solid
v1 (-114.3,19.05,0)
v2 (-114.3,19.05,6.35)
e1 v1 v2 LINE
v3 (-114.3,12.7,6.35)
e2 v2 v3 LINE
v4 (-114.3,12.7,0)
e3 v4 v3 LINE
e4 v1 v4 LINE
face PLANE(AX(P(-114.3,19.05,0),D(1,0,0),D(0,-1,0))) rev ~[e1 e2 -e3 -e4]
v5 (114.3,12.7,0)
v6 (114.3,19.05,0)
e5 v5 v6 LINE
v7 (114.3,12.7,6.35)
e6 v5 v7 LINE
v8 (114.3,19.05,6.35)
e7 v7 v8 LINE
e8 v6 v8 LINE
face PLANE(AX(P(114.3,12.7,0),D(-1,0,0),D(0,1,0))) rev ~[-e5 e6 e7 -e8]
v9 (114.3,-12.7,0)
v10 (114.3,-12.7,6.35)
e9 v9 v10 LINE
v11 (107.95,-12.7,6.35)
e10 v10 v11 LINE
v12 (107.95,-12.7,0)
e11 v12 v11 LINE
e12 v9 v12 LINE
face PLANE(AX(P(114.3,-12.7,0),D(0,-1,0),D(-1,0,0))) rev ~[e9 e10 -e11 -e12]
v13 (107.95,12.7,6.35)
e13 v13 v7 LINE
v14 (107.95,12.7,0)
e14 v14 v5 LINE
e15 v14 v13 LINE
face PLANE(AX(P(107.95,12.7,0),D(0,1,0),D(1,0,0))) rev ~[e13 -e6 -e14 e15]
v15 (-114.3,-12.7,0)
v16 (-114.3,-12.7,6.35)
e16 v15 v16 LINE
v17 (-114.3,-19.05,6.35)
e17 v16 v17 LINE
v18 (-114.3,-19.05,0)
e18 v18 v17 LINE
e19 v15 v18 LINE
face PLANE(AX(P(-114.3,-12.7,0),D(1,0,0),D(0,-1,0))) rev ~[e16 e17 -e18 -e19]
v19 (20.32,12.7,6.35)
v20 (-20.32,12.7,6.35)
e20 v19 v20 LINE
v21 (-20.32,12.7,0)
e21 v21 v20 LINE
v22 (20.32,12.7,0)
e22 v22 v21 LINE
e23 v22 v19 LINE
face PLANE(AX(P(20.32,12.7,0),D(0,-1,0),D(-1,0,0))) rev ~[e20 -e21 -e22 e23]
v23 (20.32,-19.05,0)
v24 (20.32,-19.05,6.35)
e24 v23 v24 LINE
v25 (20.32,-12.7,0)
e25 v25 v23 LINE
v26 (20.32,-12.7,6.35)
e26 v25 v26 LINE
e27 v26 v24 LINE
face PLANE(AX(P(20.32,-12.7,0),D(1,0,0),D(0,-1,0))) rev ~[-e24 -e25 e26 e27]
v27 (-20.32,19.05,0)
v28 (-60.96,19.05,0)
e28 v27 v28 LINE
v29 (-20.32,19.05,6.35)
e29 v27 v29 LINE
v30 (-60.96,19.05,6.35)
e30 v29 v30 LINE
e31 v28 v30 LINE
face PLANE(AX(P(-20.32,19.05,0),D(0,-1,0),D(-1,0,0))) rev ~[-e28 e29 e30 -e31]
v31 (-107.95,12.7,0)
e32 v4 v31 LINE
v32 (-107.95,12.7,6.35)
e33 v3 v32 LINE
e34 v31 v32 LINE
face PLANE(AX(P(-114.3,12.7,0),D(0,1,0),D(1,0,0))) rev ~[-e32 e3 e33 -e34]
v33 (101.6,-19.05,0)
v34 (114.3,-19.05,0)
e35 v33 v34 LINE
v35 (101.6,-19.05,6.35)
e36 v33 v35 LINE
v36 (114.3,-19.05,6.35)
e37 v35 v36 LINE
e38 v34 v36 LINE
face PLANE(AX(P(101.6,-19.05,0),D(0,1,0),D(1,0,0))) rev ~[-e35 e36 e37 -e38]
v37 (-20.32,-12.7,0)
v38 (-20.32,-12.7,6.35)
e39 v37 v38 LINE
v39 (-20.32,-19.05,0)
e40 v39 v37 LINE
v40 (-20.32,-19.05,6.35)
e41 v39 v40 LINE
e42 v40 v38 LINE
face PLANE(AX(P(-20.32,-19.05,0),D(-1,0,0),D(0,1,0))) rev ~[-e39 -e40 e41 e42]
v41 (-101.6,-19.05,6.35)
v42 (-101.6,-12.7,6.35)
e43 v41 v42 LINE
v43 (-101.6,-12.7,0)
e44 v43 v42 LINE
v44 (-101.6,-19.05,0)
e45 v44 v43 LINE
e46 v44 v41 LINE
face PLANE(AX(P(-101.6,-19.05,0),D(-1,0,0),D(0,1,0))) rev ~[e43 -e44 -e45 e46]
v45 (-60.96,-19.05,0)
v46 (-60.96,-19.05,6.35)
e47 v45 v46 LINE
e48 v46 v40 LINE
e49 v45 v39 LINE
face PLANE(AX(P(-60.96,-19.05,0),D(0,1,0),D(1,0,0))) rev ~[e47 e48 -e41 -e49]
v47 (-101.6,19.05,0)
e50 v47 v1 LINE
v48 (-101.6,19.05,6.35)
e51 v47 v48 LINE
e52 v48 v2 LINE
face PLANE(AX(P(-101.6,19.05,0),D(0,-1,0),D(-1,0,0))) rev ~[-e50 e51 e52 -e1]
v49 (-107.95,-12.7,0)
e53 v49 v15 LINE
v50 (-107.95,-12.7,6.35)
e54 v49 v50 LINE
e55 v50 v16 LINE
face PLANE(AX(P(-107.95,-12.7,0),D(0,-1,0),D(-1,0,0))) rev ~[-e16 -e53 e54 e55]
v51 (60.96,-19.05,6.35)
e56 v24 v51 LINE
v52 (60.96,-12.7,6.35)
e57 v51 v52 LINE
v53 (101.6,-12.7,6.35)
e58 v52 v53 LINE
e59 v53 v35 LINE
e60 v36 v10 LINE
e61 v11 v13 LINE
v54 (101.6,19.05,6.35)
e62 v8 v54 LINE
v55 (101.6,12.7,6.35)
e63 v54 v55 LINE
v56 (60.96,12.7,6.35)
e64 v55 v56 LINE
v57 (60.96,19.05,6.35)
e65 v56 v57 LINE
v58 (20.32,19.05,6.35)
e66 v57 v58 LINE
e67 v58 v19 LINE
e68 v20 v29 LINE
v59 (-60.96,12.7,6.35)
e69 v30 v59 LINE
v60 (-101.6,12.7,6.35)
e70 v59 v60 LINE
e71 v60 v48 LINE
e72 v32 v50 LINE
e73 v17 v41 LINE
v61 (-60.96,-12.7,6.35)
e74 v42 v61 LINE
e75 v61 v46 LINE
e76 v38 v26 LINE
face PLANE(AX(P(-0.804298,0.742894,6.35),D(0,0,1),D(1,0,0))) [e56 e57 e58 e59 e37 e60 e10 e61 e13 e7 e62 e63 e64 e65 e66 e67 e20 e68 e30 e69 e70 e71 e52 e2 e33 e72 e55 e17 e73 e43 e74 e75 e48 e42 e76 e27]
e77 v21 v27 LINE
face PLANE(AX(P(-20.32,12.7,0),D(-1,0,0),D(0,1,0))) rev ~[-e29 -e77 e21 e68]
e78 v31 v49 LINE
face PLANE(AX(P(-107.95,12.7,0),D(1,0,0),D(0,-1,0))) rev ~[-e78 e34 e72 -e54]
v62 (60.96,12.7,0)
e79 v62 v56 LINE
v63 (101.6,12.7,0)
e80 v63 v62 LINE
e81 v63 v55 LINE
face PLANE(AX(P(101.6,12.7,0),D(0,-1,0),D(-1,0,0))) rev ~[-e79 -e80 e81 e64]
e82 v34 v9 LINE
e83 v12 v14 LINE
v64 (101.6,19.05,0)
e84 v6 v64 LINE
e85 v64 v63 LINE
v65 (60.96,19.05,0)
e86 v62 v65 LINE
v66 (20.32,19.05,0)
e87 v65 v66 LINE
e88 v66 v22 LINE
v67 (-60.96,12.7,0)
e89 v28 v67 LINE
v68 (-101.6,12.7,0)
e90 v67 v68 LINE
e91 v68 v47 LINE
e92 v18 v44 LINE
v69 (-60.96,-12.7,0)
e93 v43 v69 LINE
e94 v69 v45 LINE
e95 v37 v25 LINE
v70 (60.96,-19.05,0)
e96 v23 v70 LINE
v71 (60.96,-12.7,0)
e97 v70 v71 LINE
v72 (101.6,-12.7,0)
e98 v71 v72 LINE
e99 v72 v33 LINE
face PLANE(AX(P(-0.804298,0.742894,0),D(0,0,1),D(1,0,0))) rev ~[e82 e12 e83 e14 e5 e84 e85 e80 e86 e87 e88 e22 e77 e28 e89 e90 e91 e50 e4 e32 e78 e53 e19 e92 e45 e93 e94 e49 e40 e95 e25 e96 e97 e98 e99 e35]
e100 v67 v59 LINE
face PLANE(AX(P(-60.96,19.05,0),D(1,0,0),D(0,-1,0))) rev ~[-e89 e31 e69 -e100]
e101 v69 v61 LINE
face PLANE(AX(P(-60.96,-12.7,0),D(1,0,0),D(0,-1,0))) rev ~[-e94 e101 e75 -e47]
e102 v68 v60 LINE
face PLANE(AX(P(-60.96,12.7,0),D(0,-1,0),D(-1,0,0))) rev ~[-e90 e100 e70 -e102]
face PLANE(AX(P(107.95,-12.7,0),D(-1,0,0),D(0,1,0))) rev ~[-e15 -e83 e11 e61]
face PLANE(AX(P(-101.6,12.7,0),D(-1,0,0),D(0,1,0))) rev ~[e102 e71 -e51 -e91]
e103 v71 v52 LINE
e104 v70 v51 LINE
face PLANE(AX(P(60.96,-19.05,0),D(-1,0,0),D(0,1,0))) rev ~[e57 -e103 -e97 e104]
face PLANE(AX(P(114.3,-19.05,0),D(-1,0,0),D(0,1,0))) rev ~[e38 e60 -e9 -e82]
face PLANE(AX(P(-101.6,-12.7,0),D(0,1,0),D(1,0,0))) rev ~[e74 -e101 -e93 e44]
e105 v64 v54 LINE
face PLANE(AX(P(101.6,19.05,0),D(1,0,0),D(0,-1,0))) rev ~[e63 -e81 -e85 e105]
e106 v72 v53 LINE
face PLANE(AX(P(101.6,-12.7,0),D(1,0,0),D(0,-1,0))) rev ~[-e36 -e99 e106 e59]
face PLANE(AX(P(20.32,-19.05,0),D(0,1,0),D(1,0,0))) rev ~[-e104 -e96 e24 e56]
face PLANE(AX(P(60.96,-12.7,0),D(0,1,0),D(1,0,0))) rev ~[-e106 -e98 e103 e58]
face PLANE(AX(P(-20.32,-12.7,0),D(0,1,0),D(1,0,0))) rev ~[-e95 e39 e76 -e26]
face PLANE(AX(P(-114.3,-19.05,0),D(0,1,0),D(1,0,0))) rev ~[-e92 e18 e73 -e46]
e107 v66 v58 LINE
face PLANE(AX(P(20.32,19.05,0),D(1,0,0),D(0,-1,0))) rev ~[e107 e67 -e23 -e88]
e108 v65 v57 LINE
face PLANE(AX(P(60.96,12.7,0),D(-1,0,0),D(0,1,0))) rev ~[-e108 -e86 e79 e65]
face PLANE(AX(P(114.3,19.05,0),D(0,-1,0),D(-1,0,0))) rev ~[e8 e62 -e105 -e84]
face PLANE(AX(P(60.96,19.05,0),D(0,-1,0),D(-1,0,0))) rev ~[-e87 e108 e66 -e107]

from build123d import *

# Parameters (mm, degrees)
F1_DEPTH = 6.35


with BuildPart() as f1:
    # F0 (on Top) → F1 (new body)
    with BuildSketch(Plane.XY):
        Polygon((-101.6, 19.05), (-114.3, 19.05), (-114.3, 12.7), (-107.95, 12.7), (-107.95, -12.7), (-114.3, -12.7), (-114.3, -19.05), (-101.6, -19.05), (-101.6, -12.7), (-60.96, -12.7), (-60.96, -19.05), (-39.7233739495, -19.05), (-20.32, -19.05), (-20.32, -12.7), (20.32, -12.7), (20.32, -12.5116314739), (60.96, -12.5116314739), (60.96, -12.7), (101.6, -12.7), (101.6, -19.05), (114.3, -19.05), (114.3, -12.7), (107.95, -12.7), (107.95, 12.7), (114.3, 12.7), (114.3, 19.05), (101.6, 19.05), (101.6, 12.7), (60.96, 12.7), (60.96, 19.05), (38.6236213803, 19.05), (20.32, 19.05), (20.32, 12.7), (-20.32, 12.7), (-20.32, 19.05), (-60.96, 19.05), (-60.96, 12.7), (-101.6, 12.7), align=None)
        Polygon((20.32, -12.7), (20.32, -19.05), (60.96, -19.05), (60.96, -12.7), (60.96, -12.5116314739), (20.32, -12.5116314739), align=None)
    extrude(amount=F1_DEPTH)


solid = f1.part
